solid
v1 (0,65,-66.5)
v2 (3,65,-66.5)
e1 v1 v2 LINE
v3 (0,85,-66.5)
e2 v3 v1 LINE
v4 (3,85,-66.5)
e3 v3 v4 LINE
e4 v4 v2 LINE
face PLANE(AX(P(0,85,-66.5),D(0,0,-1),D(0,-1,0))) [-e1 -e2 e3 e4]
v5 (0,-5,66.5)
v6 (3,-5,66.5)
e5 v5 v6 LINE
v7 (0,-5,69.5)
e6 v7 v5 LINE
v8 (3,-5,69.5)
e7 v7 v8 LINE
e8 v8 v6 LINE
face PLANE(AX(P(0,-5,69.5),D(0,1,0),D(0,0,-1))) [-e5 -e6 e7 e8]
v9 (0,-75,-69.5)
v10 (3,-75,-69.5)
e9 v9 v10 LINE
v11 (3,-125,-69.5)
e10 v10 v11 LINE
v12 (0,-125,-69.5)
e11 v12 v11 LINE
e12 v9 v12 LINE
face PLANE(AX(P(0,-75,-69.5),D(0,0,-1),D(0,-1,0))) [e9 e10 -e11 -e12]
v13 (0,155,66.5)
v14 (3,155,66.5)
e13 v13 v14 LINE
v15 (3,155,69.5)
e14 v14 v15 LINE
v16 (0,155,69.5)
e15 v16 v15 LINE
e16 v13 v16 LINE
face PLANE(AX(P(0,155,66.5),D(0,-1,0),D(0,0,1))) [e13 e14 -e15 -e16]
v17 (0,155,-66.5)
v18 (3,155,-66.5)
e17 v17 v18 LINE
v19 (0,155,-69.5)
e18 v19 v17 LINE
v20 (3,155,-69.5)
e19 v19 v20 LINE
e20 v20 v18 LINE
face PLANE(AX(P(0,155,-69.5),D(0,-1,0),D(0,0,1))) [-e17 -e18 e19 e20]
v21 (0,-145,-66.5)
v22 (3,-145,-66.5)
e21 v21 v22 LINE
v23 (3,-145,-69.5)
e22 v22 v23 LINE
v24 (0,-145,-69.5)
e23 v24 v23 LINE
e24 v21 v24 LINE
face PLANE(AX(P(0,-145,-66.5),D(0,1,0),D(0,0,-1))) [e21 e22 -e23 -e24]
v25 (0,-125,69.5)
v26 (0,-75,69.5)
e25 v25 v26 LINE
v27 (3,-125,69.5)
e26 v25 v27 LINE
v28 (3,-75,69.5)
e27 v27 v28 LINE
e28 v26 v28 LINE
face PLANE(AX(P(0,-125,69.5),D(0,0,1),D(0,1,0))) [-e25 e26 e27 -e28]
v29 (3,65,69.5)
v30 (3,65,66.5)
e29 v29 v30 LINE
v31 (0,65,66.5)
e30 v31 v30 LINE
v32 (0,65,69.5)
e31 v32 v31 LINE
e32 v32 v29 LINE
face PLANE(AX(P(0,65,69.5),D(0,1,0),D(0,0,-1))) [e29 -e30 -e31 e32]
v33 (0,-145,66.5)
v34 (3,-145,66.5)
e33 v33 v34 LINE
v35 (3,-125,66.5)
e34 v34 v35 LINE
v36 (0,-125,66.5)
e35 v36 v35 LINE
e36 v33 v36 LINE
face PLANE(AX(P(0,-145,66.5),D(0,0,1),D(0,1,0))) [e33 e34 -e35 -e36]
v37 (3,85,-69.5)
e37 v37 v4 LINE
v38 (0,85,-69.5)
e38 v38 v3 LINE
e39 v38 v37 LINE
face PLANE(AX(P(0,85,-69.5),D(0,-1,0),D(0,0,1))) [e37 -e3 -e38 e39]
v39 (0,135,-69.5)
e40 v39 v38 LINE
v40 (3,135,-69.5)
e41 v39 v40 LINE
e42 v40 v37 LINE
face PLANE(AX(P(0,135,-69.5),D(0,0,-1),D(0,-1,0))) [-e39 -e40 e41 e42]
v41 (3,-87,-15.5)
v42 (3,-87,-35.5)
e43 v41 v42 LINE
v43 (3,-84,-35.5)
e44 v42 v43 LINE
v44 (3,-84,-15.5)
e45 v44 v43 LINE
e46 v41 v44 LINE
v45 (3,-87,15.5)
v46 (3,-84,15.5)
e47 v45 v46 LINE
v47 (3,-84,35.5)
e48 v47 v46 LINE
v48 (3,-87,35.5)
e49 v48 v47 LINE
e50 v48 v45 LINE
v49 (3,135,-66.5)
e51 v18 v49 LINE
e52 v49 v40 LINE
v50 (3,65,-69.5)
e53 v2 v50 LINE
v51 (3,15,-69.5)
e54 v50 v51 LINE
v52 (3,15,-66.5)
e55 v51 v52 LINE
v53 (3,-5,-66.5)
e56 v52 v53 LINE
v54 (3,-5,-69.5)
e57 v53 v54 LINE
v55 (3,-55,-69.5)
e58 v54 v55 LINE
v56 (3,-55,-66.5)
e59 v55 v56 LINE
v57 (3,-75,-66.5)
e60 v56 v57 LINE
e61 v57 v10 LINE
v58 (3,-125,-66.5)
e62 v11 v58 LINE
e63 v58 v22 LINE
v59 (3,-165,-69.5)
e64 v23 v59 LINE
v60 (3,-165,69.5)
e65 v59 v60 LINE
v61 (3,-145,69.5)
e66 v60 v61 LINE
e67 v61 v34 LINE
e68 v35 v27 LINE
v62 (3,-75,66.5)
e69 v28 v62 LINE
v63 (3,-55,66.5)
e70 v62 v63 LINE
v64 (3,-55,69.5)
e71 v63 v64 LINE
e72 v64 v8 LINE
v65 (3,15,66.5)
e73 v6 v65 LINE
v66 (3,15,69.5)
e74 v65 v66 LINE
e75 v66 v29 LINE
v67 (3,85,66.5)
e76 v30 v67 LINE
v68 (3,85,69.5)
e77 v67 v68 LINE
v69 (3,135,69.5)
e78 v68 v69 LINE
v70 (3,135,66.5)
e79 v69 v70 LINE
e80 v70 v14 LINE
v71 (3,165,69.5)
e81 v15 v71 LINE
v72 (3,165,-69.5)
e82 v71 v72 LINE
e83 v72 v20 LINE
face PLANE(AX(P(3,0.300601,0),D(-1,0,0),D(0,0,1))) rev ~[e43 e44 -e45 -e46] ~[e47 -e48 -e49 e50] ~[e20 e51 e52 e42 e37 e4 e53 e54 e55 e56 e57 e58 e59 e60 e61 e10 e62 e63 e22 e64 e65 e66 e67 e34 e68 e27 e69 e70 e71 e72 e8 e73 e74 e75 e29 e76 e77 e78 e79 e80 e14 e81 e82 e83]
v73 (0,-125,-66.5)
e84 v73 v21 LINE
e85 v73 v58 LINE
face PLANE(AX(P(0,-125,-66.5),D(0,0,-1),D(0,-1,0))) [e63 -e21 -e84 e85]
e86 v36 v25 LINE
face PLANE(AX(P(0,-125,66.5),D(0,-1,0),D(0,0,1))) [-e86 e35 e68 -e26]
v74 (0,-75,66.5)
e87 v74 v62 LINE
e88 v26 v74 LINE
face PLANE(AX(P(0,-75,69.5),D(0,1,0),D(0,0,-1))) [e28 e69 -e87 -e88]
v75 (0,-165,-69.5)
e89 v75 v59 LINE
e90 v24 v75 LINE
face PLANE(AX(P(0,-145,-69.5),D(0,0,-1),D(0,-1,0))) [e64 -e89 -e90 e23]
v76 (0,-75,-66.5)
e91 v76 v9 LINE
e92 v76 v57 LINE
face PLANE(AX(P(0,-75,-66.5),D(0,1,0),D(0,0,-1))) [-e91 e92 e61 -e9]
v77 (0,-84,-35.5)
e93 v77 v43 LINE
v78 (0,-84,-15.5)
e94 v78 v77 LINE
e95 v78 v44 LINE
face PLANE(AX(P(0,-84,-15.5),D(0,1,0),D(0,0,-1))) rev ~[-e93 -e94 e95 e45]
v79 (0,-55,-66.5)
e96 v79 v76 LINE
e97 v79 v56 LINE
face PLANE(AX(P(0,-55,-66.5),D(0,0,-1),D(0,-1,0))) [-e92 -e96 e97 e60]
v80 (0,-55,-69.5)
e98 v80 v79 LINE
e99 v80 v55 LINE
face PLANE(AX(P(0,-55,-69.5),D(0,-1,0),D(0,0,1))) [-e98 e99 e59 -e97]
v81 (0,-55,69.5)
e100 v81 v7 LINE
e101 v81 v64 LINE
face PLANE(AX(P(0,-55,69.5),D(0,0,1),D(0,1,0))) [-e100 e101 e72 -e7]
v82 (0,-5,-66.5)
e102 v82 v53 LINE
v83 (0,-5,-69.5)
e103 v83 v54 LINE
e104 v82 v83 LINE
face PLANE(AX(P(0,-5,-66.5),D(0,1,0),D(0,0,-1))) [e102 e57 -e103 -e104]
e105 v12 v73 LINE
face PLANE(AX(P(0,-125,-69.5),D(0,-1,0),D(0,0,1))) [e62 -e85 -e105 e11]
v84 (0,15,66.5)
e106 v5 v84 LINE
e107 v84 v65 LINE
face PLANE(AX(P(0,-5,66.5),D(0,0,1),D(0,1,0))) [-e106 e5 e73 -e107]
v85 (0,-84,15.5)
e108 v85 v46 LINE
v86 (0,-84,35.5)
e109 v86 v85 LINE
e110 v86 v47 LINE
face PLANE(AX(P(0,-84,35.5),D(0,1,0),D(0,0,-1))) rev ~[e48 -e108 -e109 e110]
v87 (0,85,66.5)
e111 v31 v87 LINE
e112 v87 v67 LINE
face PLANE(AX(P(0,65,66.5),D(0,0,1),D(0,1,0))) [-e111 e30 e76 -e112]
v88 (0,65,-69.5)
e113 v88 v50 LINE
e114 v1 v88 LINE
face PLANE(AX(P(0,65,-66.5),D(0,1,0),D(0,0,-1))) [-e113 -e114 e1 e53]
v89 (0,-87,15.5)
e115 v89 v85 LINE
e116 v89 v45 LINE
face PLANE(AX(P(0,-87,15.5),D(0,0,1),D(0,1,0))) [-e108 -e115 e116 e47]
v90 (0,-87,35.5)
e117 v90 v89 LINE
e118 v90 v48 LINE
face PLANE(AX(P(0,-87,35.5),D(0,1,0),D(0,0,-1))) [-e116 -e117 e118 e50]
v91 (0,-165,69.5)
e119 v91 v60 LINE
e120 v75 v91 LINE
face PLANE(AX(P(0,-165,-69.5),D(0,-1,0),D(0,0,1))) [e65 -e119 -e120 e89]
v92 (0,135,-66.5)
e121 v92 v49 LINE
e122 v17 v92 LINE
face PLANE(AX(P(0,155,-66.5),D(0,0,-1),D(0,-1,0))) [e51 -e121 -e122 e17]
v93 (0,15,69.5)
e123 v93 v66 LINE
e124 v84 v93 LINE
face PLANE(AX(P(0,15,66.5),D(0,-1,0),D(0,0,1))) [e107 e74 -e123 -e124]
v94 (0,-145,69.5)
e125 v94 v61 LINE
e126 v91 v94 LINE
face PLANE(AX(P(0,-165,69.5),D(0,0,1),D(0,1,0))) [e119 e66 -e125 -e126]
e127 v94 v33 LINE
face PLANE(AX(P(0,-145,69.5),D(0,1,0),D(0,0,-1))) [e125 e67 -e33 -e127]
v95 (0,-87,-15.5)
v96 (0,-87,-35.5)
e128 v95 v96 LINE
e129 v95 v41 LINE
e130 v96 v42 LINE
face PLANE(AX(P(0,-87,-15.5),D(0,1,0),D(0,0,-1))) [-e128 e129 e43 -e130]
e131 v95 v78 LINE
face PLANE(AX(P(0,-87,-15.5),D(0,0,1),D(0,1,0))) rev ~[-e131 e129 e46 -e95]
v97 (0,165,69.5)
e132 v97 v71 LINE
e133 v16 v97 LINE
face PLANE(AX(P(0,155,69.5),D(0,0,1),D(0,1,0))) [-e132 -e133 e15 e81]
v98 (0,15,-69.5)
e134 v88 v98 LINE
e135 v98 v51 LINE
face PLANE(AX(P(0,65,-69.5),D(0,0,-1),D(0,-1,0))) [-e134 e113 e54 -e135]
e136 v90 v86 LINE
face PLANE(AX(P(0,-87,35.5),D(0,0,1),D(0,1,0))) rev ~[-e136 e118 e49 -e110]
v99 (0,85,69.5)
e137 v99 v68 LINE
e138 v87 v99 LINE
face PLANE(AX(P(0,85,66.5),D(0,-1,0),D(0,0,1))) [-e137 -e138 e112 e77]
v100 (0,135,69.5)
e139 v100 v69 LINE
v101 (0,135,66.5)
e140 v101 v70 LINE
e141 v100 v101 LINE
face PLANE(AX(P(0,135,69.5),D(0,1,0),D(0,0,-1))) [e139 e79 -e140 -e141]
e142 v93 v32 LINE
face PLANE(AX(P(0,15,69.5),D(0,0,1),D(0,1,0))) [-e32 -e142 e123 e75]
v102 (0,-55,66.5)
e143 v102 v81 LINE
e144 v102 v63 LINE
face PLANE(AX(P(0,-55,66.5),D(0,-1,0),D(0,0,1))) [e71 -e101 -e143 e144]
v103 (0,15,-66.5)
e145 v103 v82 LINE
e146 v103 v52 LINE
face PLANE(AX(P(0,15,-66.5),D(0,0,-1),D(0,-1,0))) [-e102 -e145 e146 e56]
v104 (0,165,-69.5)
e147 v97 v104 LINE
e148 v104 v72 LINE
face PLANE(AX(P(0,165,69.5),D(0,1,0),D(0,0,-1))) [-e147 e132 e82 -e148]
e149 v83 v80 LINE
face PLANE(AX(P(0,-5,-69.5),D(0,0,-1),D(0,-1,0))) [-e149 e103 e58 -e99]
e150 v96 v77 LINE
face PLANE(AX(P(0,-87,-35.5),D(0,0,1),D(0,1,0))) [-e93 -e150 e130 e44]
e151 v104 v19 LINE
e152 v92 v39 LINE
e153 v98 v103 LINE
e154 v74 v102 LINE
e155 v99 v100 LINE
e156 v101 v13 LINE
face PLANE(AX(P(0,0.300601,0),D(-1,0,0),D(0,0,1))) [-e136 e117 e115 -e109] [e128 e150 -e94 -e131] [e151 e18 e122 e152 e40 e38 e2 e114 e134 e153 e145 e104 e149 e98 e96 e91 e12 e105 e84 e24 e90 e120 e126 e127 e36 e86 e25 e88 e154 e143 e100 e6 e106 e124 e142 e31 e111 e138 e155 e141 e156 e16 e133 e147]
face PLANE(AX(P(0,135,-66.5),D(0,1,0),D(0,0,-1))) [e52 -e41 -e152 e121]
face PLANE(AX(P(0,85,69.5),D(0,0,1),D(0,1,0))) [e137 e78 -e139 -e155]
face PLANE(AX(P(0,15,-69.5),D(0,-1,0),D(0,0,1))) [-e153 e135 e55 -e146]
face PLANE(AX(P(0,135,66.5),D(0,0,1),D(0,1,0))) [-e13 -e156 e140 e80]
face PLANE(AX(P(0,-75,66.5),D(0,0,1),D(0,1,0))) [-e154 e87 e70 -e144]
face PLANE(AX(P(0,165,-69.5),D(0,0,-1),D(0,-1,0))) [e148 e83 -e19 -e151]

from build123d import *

# Parameters (mm, degrees)
SKETCH_1_W      = 20
SKETCH_1_H      = 3
EXTRUDE_5_DEPTH = 3


with BuildPart() as part:
    # Эскиз1 → Бобышка-Вытянуть5 (new body)
    with BuildSketch(Plane(origin=(0, 0, 0), x_dir=(0, 0, -1), z_dir=(1, 0, 0))):
        Polygon((-69.5, -165), (-69.5, -145), (-66.5, -145), (-66.5, -125), (-69.5, -125), (-69.5, -75), (-66.5, -75), (-66.5, -55), (-69.5, -55), (-69.5, -5), (-66.5, -5), (-66.5, 15), (-69.5, 15), (-69.5, 65), (-66.5, 65), (-66.5, 85), (-69.5, 85), (-69.5, 135), (-66.5, 135), (-66.5, 155), (-69.5, 155), (-69.5, 165), (69.5, 165), (69.5, 155), (66.5, 155), (66.5, 135), (69.5, 135), (69.5, 85), (66.5, 85), (66.5, 65), (69.5, 65), (69.5, 15), (66.5, 15), (66.5, -5), (69.5, -5), (69.5, -55), (66.5, -55), (66.5, -75), (69.5, -75), (69.5, -125), (66.5, -125), (66.5, -145), (69.5, -145), (69.5, -165), align=None)
        with Locations((25.5, -85.5)):
            Rectangle(SKETCH_1_W, SKETCH_1_H, mode=Mode.SUBTRACT)
        with Locations((-25.5, -85.5)):
            Rectangle(SKETCH_1_W, SKETCH_1_H, mode=Mode.SUBTRACT)
    extrude(amount=EXTRUDE_5_DEPTH)


solid = part.part
